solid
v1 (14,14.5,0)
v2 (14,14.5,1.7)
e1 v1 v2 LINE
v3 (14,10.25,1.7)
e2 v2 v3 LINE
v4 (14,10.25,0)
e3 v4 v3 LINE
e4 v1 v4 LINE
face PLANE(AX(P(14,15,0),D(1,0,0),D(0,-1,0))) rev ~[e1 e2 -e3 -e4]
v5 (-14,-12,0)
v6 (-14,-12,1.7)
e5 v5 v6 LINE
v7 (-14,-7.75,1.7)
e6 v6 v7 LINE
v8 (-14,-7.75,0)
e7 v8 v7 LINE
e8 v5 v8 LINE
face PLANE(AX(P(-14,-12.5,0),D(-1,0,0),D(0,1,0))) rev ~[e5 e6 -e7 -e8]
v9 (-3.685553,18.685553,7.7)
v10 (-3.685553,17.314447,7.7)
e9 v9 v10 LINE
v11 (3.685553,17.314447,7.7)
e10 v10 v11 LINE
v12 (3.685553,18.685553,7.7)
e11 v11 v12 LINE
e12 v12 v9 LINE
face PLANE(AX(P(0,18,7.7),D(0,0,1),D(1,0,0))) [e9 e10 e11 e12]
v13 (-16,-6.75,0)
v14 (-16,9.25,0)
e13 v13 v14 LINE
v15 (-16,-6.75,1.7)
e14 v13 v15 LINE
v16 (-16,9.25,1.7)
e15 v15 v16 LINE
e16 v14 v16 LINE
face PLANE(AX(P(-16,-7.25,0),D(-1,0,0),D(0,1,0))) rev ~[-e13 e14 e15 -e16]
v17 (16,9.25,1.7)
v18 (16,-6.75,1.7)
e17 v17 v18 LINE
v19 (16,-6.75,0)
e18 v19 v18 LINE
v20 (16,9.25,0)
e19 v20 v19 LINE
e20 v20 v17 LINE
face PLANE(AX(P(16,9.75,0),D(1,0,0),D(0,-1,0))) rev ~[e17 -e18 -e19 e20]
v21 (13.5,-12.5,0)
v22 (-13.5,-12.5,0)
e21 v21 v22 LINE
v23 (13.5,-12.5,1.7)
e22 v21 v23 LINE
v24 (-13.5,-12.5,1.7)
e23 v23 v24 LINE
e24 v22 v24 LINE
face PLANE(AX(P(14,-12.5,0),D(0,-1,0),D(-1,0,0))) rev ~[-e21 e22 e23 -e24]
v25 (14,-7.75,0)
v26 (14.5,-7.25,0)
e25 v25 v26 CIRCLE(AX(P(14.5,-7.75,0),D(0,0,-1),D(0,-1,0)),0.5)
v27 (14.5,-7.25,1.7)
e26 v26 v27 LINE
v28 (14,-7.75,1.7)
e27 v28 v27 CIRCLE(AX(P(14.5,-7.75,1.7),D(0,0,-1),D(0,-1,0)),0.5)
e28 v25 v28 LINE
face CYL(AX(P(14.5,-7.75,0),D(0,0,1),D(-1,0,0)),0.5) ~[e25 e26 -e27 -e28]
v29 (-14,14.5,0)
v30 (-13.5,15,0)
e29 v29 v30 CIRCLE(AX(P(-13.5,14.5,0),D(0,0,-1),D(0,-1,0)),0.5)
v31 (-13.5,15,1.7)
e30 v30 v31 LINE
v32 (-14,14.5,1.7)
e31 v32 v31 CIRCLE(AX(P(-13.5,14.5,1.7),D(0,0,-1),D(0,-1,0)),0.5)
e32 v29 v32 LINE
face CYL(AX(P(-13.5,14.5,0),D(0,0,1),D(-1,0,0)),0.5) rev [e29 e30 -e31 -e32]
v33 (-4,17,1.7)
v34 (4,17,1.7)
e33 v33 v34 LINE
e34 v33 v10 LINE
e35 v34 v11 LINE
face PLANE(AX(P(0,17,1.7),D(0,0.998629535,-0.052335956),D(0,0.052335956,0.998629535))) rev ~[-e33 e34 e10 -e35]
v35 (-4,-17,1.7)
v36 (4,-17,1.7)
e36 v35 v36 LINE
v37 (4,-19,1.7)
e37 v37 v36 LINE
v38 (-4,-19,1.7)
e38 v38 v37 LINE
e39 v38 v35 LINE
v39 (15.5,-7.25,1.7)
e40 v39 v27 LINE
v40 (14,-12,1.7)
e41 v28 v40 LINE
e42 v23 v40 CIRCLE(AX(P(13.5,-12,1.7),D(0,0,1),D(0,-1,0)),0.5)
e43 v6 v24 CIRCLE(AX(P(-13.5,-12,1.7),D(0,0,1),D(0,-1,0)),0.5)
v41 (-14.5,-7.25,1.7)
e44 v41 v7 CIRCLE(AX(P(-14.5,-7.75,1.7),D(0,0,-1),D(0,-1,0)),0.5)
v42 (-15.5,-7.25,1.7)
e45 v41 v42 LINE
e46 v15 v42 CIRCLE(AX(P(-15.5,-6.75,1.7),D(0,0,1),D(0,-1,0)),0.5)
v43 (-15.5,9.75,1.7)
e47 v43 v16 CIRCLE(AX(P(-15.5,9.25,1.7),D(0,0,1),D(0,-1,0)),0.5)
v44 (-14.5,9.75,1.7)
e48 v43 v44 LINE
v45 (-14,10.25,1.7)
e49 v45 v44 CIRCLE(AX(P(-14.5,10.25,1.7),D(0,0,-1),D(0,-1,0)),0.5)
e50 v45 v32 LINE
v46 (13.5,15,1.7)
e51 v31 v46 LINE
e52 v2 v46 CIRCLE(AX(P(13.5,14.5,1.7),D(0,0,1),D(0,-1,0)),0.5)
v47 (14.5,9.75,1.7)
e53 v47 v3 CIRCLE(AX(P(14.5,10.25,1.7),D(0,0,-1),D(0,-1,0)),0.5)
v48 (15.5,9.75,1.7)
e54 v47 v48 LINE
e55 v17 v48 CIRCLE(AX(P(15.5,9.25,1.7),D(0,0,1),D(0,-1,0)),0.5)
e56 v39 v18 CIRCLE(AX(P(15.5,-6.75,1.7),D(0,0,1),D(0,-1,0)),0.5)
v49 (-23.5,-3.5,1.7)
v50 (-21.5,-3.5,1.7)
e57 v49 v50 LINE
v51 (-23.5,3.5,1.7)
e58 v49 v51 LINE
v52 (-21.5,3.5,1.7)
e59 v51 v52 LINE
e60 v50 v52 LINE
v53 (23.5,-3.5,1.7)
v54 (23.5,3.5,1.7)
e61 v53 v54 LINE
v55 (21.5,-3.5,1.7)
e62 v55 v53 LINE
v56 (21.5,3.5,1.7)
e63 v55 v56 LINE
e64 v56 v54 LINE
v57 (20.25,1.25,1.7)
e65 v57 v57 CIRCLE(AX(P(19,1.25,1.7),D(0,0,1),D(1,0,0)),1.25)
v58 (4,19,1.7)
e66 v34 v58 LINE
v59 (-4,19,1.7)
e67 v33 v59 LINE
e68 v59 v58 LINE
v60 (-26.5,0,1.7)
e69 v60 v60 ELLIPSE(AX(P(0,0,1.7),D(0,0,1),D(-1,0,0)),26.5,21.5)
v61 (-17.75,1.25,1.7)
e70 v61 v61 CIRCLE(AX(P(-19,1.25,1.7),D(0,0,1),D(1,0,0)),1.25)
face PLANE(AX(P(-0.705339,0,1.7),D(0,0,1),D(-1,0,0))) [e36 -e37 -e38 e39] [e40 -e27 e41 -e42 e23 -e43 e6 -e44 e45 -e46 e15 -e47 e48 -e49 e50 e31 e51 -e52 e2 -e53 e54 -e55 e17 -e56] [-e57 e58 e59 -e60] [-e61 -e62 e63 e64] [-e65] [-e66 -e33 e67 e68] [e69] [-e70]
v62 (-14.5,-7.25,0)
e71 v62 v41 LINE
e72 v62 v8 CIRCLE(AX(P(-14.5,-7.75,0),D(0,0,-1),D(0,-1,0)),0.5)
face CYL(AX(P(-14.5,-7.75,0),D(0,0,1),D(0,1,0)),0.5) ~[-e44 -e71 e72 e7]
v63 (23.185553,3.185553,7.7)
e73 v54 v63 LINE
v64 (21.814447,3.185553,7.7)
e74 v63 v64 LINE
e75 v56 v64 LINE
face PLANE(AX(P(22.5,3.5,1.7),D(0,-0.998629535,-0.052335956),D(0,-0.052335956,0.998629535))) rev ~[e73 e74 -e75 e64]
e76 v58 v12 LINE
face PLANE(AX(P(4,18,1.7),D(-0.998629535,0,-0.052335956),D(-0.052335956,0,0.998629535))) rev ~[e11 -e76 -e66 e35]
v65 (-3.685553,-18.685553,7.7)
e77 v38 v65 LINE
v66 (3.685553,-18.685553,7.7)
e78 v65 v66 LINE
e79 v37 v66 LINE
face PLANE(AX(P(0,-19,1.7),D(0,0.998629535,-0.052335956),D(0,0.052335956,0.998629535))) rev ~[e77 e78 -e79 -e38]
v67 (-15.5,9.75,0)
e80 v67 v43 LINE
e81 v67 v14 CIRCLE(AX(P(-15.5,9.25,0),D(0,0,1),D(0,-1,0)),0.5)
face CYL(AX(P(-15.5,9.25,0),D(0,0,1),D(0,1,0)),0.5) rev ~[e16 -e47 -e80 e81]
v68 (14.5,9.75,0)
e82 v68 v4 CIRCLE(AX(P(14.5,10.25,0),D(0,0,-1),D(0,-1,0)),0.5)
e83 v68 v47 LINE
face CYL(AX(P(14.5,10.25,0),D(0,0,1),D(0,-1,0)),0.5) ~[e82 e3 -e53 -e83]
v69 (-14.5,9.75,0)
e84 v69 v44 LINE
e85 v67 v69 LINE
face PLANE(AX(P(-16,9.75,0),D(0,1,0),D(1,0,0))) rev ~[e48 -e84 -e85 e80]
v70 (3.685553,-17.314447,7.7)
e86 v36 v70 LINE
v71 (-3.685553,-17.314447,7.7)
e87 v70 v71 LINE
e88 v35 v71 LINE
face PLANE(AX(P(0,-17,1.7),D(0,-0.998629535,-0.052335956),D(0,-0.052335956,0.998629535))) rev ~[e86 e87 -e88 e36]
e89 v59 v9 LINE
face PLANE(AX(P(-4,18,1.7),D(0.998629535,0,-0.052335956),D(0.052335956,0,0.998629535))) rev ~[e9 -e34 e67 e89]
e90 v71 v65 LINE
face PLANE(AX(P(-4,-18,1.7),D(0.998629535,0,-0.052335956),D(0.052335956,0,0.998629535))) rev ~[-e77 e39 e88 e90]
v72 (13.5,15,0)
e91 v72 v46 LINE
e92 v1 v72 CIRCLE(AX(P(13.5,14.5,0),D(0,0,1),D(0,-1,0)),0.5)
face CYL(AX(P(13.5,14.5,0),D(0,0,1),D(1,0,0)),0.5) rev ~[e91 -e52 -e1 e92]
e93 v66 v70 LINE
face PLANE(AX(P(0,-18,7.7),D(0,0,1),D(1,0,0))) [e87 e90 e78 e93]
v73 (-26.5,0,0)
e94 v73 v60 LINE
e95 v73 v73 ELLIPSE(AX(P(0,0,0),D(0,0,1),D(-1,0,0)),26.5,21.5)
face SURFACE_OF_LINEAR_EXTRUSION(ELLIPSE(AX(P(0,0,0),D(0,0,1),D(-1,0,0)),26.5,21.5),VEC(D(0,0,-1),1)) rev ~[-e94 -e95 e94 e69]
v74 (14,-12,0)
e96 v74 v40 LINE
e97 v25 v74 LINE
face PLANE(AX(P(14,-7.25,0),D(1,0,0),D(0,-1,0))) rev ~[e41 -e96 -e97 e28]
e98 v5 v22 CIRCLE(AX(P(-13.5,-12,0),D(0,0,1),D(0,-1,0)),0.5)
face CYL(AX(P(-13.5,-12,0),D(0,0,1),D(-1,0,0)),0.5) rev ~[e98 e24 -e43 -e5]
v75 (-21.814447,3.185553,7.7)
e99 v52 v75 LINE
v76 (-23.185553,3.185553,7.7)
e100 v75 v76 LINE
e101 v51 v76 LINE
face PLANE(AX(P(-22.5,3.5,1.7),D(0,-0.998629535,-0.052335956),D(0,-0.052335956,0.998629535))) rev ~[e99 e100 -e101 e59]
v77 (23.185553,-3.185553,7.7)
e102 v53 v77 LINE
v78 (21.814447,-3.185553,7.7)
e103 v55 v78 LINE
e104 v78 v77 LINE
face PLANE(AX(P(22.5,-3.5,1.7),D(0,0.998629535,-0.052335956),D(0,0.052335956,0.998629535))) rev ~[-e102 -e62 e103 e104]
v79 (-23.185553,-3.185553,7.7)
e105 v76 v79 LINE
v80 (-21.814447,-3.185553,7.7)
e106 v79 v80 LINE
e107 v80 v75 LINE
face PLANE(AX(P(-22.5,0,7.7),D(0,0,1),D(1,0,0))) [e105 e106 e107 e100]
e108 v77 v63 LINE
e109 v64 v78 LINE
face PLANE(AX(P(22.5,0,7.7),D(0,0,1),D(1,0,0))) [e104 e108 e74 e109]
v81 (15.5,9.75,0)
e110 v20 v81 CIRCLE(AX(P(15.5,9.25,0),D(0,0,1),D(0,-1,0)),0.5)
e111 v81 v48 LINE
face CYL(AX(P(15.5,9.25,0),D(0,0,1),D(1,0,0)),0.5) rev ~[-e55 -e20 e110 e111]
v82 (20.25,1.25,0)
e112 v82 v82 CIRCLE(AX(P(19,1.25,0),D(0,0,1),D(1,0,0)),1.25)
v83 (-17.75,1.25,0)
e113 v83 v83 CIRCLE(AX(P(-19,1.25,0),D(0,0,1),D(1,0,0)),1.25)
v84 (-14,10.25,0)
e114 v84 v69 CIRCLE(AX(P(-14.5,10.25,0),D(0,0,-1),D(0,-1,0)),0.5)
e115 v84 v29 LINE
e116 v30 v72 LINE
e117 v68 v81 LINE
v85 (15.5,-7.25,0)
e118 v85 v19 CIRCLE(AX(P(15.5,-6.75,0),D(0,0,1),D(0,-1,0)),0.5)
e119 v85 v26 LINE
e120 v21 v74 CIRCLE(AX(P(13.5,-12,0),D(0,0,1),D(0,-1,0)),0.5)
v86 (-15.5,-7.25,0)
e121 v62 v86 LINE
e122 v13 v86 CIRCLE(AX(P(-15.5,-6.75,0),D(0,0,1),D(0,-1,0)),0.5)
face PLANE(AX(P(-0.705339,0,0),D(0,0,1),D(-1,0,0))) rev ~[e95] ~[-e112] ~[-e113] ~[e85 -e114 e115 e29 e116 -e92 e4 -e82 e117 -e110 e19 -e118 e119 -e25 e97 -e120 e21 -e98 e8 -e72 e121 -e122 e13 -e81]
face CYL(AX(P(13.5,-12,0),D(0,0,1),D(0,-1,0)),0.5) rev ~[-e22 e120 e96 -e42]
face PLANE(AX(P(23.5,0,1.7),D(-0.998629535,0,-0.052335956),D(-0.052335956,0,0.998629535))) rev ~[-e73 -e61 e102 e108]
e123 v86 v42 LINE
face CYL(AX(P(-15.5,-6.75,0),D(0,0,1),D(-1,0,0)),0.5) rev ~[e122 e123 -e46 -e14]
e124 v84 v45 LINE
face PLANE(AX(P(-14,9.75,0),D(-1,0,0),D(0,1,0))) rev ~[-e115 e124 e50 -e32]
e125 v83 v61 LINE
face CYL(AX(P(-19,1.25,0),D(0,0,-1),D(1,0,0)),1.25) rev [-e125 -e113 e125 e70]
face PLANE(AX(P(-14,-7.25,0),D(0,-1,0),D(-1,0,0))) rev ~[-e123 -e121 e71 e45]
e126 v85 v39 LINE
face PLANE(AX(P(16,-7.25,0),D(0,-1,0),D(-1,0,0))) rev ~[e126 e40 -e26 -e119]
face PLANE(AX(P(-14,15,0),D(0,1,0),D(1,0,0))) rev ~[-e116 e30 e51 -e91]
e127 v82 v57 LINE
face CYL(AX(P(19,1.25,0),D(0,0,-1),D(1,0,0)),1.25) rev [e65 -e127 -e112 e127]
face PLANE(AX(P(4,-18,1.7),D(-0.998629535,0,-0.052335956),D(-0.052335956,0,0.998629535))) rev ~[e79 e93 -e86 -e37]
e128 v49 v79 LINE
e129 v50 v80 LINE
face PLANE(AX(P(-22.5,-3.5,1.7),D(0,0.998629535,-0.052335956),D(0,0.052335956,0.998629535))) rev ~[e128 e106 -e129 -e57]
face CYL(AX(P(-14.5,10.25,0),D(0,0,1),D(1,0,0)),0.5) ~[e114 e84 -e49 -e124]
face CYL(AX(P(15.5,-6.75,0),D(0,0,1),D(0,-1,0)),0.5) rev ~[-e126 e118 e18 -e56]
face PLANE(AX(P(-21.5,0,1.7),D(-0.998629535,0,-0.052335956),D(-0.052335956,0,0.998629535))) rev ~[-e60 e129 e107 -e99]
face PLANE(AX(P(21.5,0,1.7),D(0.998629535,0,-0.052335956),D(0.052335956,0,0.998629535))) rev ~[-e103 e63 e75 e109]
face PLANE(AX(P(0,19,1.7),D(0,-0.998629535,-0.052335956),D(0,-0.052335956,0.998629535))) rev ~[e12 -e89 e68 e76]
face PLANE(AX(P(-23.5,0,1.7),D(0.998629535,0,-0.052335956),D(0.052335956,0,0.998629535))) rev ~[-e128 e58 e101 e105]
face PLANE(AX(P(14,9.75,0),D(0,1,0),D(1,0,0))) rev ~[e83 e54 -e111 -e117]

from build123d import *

# Parameters (mm, degrees)
SKETCH1_RX          = 26.5
SKETCH1_RY          = 21.5
SKETCH1_R           = 1.25
BOSS_EXTRUDE1_DEPTH = 1.7
FILLET1_R           = 0.5
SKETCH2_W           = 2
SKETCH2_H           = 7
SKETCH2_W_2         = 8
SKETCH2_H_2         = 2
BOSS_EXTRUDE2_DEPTH = 6
BOSS_EXTRUDE2_TAPER = 3


with BuildPart() as part:
    # Sketch1 → Boss-Extrude1 (new body)
    with BuildSketch(Plane.XY):
        with Locations(Location((0, 0), (0, 0, 180))):
            Ellipse(SKETCH1_RX, SKETCH1_RY)
        with Locations((-19, 1.25)):
            Circle(SKETCH1_R, mode=Mode.SUBTRACT)
        with Locations((19, 1.25)):
            Circle(SKETCH1_R, mode=Mode.SUBTRACT)
        Polygon((-14, 15), (14, 15), (14, 9.75), (16, 9.75), (16, -7.25), (14, -7.25), (14, -12.5), (-14, -12.5), (-14, -7.25), (-16, -7.25), (-16, 9.75), (-14, 9.75), align=None, mode=Mode.SUBTRACT)
    extrude(amount=BOSS_EXTRUDE1_DEPTH)

    # Fillet1
    fillet1_edges = [part.edges().sort_by_distance(p)[0] for p in [
        (-14, 15, 0.85),
        (-14, 9.75, 0.85),
        (-16, 9.75, 0.85),
        (-16, -7.25, 0.85),
        (-14, -7.25, 0.85),
        (-14, -12.5, 0.85),
        (14, -12.5, 0.85),
        (14, -7.25, 0.85),
        (16, -7.25, 0.85),
        (16, 9.75, 0.85),
        (14, 9.75, 0.85),
        (14, 15, 0.85),
    ]]
    fillet(fillet1_edges, radius=FILLET1_R)

    # Sketch2 → Boss-Extrude2 (add)
    with BuildSketch(Plane.XY.offset(1.7)):
        with Locations((-22.5, 0)):
            Rectangle(SKETCH2_W, SKETCH2_H)
        with Locations((0, 18)):
            Rectangle(SKETCH2_W_2, SKETCH2_H_2)
        with Locations((0, -18)):
            Rectangle(SKETCH2_W_2, SKETCH2_H_2)
        with Locations((22.5, 0)):
            Rectangle(SKETCH2_W, SKETCH2_H)
    extrude(amount=BOSS_EXTRUDE2_DEPTH, taper=BOSS_EXTRUDE2_TAPER)


solid = part.part
